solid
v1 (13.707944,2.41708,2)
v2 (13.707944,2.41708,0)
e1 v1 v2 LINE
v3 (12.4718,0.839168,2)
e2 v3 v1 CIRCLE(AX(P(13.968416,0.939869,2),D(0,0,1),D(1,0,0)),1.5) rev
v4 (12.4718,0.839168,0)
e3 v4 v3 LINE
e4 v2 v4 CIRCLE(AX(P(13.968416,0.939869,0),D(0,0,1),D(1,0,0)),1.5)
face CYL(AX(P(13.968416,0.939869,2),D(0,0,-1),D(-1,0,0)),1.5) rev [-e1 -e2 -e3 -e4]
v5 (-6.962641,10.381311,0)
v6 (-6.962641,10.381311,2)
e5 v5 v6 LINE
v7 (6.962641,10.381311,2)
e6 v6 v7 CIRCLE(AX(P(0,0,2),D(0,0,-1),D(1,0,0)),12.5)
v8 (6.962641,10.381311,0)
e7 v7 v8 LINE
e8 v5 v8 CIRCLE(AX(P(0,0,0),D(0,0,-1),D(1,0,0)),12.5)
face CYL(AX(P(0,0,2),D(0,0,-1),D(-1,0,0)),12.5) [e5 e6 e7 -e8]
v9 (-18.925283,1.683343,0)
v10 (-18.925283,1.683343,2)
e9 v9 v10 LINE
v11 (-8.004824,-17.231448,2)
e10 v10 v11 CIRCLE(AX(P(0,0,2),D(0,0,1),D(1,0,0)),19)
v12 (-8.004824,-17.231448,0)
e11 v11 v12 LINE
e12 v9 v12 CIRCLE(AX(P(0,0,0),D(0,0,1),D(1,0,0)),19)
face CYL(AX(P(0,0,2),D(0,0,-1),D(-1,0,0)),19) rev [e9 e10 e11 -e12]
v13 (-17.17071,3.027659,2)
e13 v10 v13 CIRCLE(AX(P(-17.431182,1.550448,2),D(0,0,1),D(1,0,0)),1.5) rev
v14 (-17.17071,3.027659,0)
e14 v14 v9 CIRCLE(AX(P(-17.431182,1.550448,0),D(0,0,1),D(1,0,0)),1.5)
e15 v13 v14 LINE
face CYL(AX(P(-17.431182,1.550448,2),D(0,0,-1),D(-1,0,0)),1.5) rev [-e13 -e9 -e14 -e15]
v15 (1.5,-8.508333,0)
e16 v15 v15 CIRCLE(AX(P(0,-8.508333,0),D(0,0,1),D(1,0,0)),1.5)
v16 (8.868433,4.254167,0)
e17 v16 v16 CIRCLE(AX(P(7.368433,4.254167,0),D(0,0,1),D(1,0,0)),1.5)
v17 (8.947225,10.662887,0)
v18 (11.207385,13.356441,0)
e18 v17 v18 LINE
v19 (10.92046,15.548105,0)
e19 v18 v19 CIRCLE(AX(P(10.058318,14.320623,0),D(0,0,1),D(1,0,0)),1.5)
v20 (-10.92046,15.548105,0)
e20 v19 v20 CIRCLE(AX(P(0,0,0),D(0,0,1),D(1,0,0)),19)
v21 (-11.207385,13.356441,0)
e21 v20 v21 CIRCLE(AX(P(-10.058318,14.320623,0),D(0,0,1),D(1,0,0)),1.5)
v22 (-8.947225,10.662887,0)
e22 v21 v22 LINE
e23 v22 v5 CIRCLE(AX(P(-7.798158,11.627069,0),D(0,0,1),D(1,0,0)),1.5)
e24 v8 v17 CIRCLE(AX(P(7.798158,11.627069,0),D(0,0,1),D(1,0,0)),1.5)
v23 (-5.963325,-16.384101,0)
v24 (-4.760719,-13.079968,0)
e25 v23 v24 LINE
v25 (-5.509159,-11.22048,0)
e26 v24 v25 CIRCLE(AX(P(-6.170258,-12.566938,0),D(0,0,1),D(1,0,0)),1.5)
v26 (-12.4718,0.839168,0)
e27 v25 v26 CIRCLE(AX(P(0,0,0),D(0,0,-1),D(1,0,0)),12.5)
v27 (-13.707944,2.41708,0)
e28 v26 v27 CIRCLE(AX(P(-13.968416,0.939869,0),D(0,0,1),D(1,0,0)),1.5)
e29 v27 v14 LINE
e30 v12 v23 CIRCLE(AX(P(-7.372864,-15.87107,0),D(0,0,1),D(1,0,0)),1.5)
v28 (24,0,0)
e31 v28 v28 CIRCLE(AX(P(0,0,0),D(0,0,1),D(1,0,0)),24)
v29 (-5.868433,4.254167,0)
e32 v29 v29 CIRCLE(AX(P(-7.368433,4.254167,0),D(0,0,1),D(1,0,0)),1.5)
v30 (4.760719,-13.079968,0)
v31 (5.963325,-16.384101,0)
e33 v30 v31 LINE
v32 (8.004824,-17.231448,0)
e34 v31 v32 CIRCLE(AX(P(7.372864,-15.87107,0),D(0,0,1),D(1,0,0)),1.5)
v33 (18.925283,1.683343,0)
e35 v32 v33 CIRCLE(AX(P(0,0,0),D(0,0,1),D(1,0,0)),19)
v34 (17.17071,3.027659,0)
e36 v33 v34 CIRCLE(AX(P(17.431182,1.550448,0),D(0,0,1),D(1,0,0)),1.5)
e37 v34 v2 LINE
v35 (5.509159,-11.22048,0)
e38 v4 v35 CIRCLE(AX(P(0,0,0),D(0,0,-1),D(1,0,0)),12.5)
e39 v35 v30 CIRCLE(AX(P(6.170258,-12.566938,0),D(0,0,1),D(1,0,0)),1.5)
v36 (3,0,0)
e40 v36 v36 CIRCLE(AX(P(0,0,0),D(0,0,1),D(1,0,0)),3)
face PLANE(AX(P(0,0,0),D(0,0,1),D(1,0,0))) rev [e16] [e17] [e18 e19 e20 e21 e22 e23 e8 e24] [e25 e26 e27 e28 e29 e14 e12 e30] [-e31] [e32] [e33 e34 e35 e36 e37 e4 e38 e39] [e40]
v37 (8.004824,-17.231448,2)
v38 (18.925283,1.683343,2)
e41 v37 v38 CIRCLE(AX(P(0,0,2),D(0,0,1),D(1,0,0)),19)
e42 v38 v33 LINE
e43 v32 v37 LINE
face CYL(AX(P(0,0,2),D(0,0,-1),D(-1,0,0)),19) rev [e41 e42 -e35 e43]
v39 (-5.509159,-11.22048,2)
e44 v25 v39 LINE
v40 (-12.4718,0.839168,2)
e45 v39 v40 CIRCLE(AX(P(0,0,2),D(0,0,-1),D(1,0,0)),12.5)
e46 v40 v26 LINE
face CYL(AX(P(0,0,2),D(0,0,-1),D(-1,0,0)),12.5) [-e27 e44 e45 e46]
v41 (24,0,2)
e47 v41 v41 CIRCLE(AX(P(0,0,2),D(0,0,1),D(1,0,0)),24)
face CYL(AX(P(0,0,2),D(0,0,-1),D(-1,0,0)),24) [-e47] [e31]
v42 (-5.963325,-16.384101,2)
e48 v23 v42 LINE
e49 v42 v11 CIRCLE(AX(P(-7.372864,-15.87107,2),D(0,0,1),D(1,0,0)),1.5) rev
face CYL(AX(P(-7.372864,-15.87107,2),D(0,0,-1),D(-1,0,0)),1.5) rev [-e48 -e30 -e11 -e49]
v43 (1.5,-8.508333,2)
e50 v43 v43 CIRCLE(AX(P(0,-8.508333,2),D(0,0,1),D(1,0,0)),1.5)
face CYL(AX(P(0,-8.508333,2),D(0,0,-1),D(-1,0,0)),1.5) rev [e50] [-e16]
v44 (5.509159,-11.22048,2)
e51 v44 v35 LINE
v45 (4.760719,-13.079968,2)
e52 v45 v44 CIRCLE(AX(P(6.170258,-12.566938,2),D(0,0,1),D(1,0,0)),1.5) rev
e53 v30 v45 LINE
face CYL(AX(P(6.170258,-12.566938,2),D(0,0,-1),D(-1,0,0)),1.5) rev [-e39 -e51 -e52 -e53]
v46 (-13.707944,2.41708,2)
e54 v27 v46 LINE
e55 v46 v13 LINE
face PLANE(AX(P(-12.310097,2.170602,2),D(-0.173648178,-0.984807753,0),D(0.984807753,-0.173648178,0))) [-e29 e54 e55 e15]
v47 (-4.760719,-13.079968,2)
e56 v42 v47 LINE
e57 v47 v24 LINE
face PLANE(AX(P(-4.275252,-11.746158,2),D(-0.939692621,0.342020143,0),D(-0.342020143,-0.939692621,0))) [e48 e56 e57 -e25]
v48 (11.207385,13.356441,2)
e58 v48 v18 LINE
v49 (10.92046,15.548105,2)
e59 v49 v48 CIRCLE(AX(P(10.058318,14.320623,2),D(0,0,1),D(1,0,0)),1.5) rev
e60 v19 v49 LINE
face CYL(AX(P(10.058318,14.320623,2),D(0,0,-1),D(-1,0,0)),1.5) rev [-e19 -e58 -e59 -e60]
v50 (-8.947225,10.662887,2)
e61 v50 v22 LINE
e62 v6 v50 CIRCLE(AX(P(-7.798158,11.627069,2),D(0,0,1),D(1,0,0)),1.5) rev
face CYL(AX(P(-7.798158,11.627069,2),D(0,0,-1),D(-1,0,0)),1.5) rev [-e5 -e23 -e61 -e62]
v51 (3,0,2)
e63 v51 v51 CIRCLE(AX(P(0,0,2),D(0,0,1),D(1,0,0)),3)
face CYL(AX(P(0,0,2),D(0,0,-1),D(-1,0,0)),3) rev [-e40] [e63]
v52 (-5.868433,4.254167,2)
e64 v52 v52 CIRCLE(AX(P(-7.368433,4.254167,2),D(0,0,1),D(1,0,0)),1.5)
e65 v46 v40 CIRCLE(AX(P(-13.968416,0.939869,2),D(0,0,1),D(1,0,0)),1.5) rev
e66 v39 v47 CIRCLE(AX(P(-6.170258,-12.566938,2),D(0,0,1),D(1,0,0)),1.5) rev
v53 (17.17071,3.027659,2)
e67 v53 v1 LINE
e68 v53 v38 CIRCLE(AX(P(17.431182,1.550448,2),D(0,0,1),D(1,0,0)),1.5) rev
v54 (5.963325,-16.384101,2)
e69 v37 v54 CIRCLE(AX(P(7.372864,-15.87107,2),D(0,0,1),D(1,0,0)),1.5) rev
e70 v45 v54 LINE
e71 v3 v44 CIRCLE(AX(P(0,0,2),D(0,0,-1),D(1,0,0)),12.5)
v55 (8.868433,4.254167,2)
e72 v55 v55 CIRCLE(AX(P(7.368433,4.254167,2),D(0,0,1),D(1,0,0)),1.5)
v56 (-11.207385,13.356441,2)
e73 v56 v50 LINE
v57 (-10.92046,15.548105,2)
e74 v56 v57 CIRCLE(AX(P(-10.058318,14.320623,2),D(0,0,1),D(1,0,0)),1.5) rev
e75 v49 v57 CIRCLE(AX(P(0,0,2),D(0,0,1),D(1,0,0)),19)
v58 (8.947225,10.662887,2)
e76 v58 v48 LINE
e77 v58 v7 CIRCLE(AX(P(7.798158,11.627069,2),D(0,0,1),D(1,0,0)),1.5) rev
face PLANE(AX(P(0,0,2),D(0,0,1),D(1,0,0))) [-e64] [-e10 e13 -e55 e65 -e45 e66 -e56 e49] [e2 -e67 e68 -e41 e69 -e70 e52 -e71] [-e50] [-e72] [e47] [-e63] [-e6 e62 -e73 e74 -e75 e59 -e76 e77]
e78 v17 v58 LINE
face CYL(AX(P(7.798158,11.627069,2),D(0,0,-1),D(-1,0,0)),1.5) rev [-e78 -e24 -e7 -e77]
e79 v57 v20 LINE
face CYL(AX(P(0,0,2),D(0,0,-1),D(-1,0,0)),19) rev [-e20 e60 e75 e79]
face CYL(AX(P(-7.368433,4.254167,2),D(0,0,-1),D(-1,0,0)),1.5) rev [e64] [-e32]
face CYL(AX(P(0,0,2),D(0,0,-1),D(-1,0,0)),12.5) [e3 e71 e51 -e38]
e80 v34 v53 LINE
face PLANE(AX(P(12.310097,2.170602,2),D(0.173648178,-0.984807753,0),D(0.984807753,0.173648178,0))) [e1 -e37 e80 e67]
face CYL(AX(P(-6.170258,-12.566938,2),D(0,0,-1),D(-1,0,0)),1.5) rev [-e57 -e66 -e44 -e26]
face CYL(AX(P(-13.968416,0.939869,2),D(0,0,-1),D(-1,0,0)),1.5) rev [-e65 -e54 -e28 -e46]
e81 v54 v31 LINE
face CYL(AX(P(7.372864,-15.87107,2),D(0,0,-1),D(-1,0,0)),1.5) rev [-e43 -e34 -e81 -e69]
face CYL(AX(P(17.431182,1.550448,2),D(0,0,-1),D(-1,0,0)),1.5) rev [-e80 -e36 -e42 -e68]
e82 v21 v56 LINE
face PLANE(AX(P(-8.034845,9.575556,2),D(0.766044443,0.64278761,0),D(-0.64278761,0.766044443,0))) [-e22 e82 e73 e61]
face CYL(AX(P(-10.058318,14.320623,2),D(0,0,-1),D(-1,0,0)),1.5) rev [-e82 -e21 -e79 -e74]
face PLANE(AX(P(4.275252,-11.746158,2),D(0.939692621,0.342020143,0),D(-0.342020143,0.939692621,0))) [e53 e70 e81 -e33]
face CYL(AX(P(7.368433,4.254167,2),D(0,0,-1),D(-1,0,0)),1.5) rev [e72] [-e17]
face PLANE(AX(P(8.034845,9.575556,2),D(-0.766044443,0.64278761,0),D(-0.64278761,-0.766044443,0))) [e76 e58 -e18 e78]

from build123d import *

# Parameters (mm, degrees)
SKETCH_1_R      = 24
SKETCH_1_R_2    = 3
SKETCH_1_R_3    = 1.5
EXTRUDE_1_DEPTH = 2
FILLET_1_R      = 1.5


with BuildPart() as part:
    # 草图1 → 凸台-拉伸1 (new body)
    with BuildSketch(Plane.XY):
        Circle(SKETCH_1_R)
        Circle(SKETCH_1_R_2, mode=Mode.SUBTRACT)
        with Locations((-7.368432559, 4.254166522)):
            Circle(SKETCH_1_R_3, mode=Mode.SUBTRACT)
        with Locations((7.368432559, 4.254166522)):
            Circle(SKETCH_1_R_3, mode=Mode.SUBTRACT)
        with Locations((0, -8.508333043)):
            Circle(SKETCH_1_R_3, mode=Mode.SUBTRACT)
        with BuildLine():
            Line((8.034845121, 9.575555539), (12.212964584, 14.554844419))
            ThreePointArc((12.212964584, 14.554844419), (0, 19), (-12.212964584, 14.554844419))
            Line((-12.212964584, 14.554844419), (-8.034845121, 9.575555539))
            ThreePointArc((-8.034845121, 9.575555539), (0, 12.5), (8.034845121, 9.575555539))
        make_face(mode=Mode.SUBTRACT)
        with BuildLine():
            Line((12.310096913, 2.170602221), (18.711347307, 3.299315376))
            ThreePointArc((18.711347307, 3.299315376), (16.454482672, -9.5), (6.498382723, -17.854159795))
            Line((6.498382723, -17.854159795), (4.275251792, -11.74615776))
            ThreePointArc((4.275251792, -11.74615776), (10.825317547, -6.25), (12.310096913, 2.170602221))
        make_face(mode=Mode.SUBTRACT)
        with BuildLine():
            Line((-4.275251792, -11.74615776), (-6.498382723, -17.854159795))
            ThreePointArc((-6.498382723, -17.854159795), (-16.454482672, -9.5), (-18.711347307, 3.299315376))
            Line((-18.711347307, 3.299315376), (-12.310096913, 2.170602221))
            ThreePointArc((-12.310096913, 2.170602221), (-10.825317547, -6.25), (-4.275251792, -11.74615776))
        make_face(mode=Mode.SUBTRACT)
    extrude(amount=EXTRUDE_1_DEPTH)

    # 圆角1
    fillet_1_edges = [part.edges().sort_by_distance(p)[0] for p in [
        (-8.034845121, 9.575555539, 1),
        (8.034845121, 9.575555539, 1),
        (12.212964584, 14.554844419, 1),
        (-12.212964584, 14.554844419, 1),
        (12.310096913, 2.170602221, 1),
        (4.275251792, -11.74615776, 1),
        (6.498382723, -17.854159795, 1),
        (18.711347307, 3.299315376, 1),
        (-4.275251792, -11.74615776, 1),
        (-12.310096913, 2.170602221, 1),
        (-18.711347307, 3.299315376, 1),
        (-6.498382723, -17.854159795, 1),
    ]]
    fillet(fillet_1_edges, radius=FILLET_1_R)


solid = part.part
